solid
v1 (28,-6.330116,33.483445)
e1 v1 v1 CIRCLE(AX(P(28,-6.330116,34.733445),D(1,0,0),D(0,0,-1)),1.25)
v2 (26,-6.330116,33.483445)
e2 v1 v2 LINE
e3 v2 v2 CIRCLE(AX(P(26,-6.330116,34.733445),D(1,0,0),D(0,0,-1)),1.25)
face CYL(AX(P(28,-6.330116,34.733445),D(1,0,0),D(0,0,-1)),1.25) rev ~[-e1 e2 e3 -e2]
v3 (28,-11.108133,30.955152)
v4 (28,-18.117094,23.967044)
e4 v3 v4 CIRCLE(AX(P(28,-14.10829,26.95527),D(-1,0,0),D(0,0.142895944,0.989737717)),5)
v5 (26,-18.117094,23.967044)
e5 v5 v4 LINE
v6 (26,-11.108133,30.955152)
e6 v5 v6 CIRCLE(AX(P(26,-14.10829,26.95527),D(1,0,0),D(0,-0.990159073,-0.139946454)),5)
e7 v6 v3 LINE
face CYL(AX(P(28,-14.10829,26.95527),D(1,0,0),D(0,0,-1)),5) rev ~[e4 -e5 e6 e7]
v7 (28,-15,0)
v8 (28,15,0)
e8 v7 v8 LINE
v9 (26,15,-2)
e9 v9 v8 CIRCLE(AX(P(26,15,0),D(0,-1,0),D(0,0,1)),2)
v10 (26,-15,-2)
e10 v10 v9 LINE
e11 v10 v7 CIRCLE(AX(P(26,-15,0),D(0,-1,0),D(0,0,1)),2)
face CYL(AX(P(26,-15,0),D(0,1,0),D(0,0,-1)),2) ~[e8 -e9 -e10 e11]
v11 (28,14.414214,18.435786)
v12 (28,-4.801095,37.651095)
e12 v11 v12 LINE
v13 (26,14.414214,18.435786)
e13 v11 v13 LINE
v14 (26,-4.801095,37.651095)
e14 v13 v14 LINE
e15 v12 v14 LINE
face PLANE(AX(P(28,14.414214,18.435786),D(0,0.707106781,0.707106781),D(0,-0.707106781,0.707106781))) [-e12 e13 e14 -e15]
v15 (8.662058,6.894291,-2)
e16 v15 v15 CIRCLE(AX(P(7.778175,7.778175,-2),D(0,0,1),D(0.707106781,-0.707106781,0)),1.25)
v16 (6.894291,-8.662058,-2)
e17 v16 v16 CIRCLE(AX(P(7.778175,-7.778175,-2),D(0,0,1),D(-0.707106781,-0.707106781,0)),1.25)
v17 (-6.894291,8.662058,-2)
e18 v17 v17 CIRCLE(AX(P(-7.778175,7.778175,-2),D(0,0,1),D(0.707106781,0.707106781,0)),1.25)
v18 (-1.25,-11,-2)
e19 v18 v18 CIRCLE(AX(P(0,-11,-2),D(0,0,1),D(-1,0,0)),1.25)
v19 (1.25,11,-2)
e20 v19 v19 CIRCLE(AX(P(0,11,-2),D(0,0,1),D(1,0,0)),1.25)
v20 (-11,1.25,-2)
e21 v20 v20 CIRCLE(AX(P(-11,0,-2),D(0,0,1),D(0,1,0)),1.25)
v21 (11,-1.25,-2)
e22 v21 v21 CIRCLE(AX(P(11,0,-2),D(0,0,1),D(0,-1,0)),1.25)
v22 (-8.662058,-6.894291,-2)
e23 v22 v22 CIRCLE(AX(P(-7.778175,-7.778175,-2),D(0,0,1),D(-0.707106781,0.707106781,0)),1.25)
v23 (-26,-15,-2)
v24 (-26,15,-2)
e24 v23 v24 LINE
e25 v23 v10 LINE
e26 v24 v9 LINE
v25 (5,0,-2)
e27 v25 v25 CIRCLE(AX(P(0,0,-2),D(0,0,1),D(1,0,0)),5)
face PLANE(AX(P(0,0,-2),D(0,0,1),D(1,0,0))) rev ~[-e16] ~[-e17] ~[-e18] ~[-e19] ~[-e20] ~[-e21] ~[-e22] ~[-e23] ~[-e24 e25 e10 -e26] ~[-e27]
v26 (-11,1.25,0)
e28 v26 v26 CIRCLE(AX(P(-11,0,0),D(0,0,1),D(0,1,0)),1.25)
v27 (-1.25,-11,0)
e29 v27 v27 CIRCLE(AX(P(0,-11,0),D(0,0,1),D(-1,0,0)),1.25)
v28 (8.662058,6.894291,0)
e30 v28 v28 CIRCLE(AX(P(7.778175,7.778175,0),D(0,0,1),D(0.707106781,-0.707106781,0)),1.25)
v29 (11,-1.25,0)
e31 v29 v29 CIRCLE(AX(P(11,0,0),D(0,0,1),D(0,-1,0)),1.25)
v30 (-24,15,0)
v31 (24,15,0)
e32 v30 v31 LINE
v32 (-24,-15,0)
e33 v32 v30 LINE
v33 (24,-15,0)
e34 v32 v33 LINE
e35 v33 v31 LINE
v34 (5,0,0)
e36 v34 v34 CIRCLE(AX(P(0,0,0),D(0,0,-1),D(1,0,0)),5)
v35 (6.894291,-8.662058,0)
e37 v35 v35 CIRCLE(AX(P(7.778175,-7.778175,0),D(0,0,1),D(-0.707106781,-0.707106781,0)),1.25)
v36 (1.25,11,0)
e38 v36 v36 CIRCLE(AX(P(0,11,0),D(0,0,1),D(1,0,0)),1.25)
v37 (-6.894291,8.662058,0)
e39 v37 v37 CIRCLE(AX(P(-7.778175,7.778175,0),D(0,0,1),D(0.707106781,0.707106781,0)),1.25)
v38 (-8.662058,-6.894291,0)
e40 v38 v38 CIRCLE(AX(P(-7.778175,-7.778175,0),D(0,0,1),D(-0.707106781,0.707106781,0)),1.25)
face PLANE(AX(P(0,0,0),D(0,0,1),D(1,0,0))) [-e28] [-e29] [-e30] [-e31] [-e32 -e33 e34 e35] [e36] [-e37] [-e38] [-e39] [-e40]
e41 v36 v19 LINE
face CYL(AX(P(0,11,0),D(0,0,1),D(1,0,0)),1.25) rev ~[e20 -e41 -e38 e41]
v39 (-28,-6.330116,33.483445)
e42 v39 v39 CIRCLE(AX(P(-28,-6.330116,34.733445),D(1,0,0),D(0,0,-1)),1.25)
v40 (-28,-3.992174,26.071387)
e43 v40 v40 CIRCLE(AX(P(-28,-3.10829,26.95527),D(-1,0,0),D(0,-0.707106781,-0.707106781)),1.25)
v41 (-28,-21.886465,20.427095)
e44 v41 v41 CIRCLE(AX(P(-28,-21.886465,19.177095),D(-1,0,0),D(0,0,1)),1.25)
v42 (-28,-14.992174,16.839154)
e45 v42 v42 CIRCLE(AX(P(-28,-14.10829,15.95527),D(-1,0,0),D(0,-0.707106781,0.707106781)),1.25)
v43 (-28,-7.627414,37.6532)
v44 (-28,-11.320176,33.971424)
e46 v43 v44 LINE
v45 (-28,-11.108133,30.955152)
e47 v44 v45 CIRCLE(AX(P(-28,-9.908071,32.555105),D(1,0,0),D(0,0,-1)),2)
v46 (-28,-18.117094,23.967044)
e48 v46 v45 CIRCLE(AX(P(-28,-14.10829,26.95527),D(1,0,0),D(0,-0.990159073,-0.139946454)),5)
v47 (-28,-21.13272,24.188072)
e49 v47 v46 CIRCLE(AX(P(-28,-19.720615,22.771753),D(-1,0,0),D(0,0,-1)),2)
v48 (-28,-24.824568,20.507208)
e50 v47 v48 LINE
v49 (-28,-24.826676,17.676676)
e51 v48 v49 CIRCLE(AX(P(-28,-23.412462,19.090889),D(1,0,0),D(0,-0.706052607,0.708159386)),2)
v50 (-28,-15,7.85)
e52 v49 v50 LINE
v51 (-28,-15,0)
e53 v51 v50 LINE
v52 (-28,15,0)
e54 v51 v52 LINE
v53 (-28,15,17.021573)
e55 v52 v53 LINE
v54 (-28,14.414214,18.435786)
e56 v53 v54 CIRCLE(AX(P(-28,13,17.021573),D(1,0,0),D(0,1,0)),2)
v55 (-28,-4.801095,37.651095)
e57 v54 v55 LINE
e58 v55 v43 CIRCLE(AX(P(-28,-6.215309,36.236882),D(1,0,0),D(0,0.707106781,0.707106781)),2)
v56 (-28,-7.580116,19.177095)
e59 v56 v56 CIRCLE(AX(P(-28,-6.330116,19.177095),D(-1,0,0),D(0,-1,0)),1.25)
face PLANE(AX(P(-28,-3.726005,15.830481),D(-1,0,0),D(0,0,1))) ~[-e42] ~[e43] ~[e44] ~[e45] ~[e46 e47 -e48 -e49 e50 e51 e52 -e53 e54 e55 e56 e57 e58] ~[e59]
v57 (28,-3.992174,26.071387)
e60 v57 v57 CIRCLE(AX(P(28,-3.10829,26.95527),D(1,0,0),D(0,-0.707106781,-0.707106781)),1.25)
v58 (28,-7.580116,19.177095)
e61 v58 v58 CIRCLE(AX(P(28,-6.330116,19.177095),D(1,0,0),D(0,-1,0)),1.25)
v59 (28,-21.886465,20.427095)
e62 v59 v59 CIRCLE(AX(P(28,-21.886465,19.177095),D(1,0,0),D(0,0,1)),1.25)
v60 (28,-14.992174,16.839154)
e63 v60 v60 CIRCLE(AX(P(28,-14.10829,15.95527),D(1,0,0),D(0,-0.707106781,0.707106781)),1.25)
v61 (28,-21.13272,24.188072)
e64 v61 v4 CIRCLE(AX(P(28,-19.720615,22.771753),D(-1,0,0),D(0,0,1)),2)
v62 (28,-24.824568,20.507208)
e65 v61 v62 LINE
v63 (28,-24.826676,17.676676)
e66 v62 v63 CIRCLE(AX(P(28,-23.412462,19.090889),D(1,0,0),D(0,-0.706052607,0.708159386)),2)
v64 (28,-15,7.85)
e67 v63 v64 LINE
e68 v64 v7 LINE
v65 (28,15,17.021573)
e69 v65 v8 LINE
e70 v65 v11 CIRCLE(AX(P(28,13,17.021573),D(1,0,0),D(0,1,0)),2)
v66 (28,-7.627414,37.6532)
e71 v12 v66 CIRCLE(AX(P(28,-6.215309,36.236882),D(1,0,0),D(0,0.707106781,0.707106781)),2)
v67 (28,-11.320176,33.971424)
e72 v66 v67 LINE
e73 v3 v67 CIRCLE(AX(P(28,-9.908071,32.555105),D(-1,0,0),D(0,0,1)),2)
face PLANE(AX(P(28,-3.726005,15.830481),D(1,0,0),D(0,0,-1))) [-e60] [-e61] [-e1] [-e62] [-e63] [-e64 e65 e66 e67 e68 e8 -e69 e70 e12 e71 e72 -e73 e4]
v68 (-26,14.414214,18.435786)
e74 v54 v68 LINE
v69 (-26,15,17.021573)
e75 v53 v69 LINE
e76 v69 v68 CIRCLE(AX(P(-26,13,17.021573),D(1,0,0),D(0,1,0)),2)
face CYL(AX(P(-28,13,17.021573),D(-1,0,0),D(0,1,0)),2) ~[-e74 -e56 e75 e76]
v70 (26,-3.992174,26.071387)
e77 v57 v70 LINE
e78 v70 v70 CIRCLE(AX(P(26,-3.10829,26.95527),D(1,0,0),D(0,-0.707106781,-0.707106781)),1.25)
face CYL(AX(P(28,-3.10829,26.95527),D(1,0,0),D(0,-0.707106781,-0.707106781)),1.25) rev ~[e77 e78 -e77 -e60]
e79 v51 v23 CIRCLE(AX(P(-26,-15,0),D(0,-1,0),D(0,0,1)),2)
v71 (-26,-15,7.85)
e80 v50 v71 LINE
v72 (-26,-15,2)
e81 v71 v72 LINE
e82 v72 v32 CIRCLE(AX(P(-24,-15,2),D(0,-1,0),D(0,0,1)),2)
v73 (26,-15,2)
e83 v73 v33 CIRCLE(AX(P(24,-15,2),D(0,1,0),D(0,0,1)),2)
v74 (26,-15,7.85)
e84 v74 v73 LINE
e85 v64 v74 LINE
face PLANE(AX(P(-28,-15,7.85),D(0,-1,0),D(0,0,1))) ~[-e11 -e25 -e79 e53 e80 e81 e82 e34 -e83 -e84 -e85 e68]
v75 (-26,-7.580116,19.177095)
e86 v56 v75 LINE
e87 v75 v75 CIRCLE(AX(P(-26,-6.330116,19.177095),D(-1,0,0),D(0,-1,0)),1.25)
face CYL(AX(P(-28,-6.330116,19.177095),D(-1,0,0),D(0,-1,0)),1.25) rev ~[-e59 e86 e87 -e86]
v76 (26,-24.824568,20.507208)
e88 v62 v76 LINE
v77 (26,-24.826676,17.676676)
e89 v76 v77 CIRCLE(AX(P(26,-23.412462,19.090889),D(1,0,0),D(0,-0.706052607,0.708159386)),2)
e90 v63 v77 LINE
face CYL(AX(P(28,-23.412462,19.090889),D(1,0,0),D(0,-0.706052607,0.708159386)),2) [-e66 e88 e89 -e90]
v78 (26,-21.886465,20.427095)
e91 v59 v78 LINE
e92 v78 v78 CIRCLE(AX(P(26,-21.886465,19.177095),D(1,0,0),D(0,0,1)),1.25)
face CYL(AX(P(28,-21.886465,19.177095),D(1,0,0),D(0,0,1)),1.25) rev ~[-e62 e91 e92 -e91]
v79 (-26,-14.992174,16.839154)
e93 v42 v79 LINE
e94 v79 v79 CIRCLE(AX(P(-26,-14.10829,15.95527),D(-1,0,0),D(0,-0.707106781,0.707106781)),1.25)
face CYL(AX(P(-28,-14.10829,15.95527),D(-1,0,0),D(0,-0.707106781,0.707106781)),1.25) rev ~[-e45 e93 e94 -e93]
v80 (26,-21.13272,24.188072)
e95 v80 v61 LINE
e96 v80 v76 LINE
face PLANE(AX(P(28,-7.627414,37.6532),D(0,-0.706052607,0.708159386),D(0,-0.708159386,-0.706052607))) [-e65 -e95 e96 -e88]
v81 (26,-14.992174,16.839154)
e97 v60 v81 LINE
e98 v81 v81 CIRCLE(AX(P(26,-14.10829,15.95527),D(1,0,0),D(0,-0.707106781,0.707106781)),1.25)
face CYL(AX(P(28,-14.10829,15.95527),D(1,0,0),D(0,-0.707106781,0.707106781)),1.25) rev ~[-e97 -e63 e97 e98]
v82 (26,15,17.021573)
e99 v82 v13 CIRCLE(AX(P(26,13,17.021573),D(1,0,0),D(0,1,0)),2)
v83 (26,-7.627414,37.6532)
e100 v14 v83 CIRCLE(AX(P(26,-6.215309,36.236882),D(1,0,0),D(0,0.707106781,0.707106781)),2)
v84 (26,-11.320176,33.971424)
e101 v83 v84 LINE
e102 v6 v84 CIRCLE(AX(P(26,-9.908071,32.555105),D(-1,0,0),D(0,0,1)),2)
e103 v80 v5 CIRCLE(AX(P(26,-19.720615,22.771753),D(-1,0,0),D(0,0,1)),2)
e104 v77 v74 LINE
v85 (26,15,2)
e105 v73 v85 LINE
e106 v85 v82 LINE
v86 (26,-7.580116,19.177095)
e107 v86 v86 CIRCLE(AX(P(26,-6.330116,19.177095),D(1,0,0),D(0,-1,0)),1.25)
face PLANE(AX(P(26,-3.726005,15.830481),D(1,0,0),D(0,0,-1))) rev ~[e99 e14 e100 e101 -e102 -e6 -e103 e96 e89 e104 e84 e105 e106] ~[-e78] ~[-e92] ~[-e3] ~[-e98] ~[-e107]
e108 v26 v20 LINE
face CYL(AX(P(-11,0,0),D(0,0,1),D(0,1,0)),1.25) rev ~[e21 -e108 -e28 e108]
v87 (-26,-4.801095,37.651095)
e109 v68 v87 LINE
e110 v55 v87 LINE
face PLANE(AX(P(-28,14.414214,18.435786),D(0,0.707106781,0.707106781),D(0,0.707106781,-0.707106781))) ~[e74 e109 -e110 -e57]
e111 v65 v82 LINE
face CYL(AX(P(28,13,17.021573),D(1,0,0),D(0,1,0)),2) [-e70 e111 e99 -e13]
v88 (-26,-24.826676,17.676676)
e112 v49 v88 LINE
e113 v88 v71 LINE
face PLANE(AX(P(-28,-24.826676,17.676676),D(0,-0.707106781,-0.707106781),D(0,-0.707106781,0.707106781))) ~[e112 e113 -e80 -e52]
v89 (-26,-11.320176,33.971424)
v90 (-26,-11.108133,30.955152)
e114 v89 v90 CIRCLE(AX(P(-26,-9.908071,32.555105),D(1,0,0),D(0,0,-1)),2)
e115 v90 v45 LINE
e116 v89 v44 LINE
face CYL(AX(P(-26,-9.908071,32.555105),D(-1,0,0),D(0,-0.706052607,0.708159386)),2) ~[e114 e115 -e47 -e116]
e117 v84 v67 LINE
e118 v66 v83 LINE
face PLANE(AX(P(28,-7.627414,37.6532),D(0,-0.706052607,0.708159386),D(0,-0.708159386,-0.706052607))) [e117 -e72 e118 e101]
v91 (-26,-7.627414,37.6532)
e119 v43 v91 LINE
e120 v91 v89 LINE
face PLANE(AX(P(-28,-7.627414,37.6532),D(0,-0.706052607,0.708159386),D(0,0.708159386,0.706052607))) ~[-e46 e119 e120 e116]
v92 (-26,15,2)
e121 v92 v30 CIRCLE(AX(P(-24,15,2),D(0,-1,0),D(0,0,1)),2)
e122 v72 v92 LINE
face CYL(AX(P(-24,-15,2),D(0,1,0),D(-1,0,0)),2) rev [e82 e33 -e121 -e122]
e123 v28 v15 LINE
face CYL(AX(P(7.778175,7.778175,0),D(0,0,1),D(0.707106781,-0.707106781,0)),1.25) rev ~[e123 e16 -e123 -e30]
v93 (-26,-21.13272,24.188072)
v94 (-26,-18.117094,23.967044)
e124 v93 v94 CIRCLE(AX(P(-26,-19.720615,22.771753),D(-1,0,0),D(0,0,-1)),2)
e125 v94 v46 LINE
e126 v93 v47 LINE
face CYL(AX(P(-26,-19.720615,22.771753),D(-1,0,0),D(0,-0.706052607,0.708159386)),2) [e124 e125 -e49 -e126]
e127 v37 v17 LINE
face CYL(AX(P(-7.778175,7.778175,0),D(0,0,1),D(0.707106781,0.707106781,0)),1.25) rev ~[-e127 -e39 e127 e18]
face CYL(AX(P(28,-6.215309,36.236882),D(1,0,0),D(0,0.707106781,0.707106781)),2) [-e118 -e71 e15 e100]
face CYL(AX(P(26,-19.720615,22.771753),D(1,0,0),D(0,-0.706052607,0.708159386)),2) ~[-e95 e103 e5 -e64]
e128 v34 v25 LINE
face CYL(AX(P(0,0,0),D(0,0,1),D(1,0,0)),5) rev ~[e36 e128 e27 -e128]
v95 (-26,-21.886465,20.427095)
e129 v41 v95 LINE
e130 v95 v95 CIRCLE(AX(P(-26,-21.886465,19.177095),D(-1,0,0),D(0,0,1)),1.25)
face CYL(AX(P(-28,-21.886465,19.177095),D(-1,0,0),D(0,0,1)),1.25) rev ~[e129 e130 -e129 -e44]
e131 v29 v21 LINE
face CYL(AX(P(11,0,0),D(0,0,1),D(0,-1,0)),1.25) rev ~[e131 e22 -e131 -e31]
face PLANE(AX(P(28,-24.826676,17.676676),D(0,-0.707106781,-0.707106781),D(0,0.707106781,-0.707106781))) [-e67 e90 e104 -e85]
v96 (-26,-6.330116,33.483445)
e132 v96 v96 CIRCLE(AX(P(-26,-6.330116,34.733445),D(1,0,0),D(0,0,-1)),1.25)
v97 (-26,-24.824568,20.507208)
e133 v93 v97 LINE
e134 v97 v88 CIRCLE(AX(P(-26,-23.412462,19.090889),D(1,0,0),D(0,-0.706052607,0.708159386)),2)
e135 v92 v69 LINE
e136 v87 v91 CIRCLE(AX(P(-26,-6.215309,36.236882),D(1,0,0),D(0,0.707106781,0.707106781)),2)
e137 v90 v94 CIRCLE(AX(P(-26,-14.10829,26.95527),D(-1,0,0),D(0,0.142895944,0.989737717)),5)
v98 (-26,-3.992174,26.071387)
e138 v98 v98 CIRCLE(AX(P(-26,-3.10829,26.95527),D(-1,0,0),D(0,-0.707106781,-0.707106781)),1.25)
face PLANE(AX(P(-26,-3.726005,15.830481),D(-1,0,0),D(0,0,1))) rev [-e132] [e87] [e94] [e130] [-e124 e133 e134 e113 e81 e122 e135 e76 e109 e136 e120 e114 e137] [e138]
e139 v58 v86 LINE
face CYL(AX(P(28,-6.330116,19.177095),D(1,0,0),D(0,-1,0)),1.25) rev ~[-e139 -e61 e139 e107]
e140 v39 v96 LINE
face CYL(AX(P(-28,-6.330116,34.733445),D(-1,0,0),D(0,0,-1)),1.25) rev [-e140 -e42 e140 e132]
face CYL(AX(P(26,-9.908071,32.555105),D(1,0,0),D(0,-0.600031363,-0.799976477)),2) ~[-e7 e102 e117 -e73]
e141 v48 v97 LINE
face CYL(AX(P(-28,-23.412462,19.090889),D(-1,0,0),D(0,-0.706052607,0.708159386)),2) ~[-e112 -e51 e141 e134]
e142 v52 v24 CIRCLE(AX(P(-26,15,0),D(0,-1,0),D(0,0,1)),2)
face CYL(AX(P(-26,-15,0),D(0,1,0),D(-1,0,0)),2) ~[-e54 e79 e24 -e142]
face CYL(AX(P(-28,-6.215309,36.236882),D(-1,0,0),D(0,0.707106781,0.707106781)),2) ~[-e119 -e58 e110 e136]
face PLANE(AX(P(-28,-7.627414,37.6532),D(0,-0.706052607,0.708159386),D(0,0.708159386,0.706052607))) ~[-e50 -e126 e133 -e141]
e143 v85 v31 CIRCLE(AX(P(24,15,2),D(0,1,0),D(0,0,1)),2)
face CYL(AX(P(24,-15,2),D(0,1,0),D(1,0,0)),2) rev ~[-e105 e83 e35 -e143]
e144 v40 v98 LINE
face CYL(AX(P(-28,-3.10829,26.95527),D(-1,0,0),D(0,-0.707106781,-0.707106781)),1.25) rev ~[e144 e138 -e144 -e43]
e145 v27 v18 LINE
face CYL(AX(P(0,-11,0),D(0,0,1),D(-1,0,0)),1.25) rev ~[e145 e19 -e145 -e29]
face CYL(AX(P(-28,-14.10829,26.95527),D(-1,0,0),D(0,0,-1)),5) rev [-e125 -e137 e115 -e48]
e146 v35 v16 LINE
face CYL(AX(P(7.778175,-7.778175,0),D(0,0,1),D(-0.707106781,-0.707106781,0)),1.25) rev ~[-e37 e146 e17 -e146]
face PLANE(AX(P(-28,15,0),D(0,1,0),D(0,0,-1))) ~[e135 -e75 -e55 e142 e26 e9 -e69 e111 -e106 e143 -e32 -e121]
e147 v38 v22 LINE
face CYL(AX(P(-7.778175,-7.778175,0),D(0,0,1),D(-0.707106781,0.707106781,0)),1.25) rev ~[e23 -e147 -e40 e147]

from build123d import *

# Parameters (mm, degrees)
ESBO_O1_W                 = 56
ESBO_O1_H                 = 30
RESSALTO_EXTRUS_O1_DEPTH  = 2
RESSALTO_EXTRUS_O2_DEPTH  = 2
ESBO_O3_R                 = 5
CORTE_EXTRUS_O1_DEPTH     = 2
FILETE1_R                 = 2
ESBO_O4_R                 = 1.25
CORTE_EXTRUS_O2_DEPTH     = 2
PADR_OCIRCULAR1_COUNT     = 5
PADR_OCIRCULAR1_ANGLE     = 180
ESPELHAR3_COPY_1_SKETCH_R = 1.25
ESPELHAR3_COPY_1_DEPTH    = 2
ESPELHAR3_COPY_2_SKETCH_R = 1.25
ESPELHAR3_COPY_2_DEPTH    = 2
ESPELHAR3_COPY_3_SKETCH_R = 1.25
ESPELHAR3_COPY_3_DEPTH    = 2
ESPELHAR3_COPY_4_SKETCH_R = 1.25
ESPELHAR3_COPY_4_DEPTH    = 2
FILETE1_OF_ESPELHAR3_R    = 2
FILETE3_R                 = 2
ESBO_O5_R                 = 5
CORTE_EXTRUS_O3_DEPTH     = 2
ESBO_O6_R                 = 1.25
CORTE_EXTRUS_O4_DEPTH     = 2
PADR_OCIRCULAR2_COUNT     = 8


with BuildPart() as part:
    # Esboço1 → Ressalto-extrusão1 (new body)
    with BuildSketch(Plane.XY):
        Rectangle(ESBO_O1_W, ESBO_O1_H)
    extrude(amount=-RESSALTO_EXTRUS_O1_DEPTH)

    # Esboço2 → Ressalto-extrusão2 (add)
    with BuildSketch(Plane(origin=(28, 0, 0), x_dir=(0, 0, -1), z_dir=(1, 0, 0))):
        with BuildLine():
            Line((0, 15), (-17.021572875, 15))
            ThreePointArc((-17.021572875, 15), (-17.78693974, 14.847759065), (-18.435786438, 14.414213562))
            Line((-18.435786438, 14.414213562), (-37.651095085, -4.801095085))
            ThreePointArc((-37.651095085, -4.801095085), (-38.236880968, -6.21381893), (-37.653200295, -7.627413862))
            Line((-37.653200295, -7.627413862), (-20.507208242, -24.82456756))
            ThreePointArc((-20.507208242, -24.82456756), (-19.092379188, -25.412461791), (-17.676675908, -24.826675908))
            Line((-17.676675908, -24.826675908), (-7.85, -15))
            Line((-7.85, -15), (0, -15))
            Line((0, -15), (0, 15))
        make_face()
    ressalto_extrus_o2 = extrude(amount=-RESSALTO_EXTRUS_O2_DEPTH)

    # Esboço3 → Corte-extrusão1 (cut)
    with BuildSketch(Plane(origin=(28, 0, 0), x_dir=(0, 0, -1), z_dir=(1, 0, 0))):
        with Locations((-26.955270066, -14.108290294)):
            Circle(ESBO_O3_R)
    corte_extrus_o1 = extrude(amount=-CORTE_EXTRUS_O1_DEPTH, mode=Mode.SUBTRACT)

    # Filete1
    filete1_edges = [part.edges().sort_by_distance(p)[0] for p in [
        (27, -19.05908566, 26.255537796),
        (27, -13.393810572, 31.903958653),
    ]]
    fillet(filete1_edges, radius=FILETE1_R)

    # Esboço4 → Corte-extrusão2 (cut)
    with BuildSketch(Plane(origin=(28, 0, 0), x_dir=(0, 0, -1), z_dir=(1, 0, 0))):
        with Locations((-34.733444659, -6.330115701)):
            Circle(ESBO_O4_R)
    corte_extrus_o2 = extrude(amount=-CORTE_EXTRUS_O2_DEPTH, mode=Mode.SUBTRACT)

    # PadrãoCircular1: Corte-extrusão2 ×5 about axis
    padr_ocircular1_axis = Axis((0, -14.108290294, 26.955270066), (-1, 0, 0))
    for i in range(1, PADR_OCIRCULAR1_COUNT):
        add(corte_extrus_o2.rotate(padr_ocircular1_axis, i * PADR_OCIRCULAR1_ANGLE / (PADR_OCIRCULAR1_COUNT - 1)), mode=Mode.SUBTRACT)

    # Espelhar3: Ressalto-extrusão2, Corte-extrusão1, Corte-extrusão2 across plane
    add(ressalto_extrus_o2.mirror(Plane(origin=(0, 0, 0), x_dir=(0, 0, 1), z_dir=(1, 0, 0))))
    add(corte_extrus_o1.mirror(Plane(origin=(0, 0, 0), x_dir=(0, 0, 1), z_dir=(1, 0, 0))), mode=Mode.SUBTRACT)
    add(corte_extrus_o2.mirror(Plane(origin=(0, 0, 0), x_dir=(0, 0, 1), z_dir=(1, 0, 0))), mode=Mode.SUBTRACT)

    # Espelhar3 copy 1 sketch → Espelhar3 copy 1 (cut)
    with BuildSketch(Plane(origin=(-28, -23.192476809, -2.081051924), x_dir=(0, -0.7071067811865488, -0.7071067811865462), z_dir=(-1, 0, 0))):
        with Locations((-34.733444659, 6.330115701)):
            Circle(ESPELHAR3_COPY_1_SKETCH_R)
    extrude(amount=-ESPELHAR3_COPY_1_DEPTH, mode=Mode.SUBTRACT)

    # Espelhar3 copy 2 sketch → Espelhar3 copy 2 (cut)
    with BuildSketch(Plane(origin=(-28, -41.063560361, 12.846979772), x_dir=(0, -1, 0), z_dir=(-1, 0, 0))):
        with Locations((-34.733444659, 6.330115701)):
            Circle(ESPELHAR3_COPY_2_SKETCH_R)
    extrude(amount=-ESPELHAR3_COPY_2_DEPTH, mode=Mode.SUBTRACT)

    # Espelhar3 copy 3 sketch → Espelhar3 copy 3 (cut)
    with BuildSketch(Plane(origin=(-28, -43.144612285, 36.039456581), x_dir=(0, -0.7071067811865441, 0.7071067811865509), z_dir=(-1, 0, 0))):
        with Locations((-34.733444659, 6.330115701)):
            Circle(ESPELHAR3_COPY_3_SKETCH_R)
    extrude(amount=-ESPELHAR3_COPY_3_DEPTH, mode=Mode.SUBTRACT)

    # Espelhar3 copy 4 sketch → Espelhar3 copy 4 (cut)
    with BuildSketch(Plane(origin=(-28, -28.216580589, 53.910540133), x_dir=(0, 0, 1), z_dir=(-1, 0, 0))):
        with Locations((-34.733444659, 6.330115701)):
            Circle(ESPELHAR3_COPY_4_SKETCH_R)
    extrude(amount=-ESPELHAR3_COPY_4_DEPTH, mode=Mode.SUBTRACT)

    # Filete1 of Espelhar3
    filete1_of_espelhar3_edges = [part.edges().sort_by_distance(p)[0] for p in [
        (-27, -19.05908566, 26.255537796),
        (-27, -13.393810572, 31.903958653),
    ]]
    fillet(filete1_of_espelhar3_edges, radius=FILETE1_OF_ESPELHAR3_R)

    # Filete3
    filete3_edges = [part.edges().sort_by_distance(p)[0] for p in [
        (-28, 0, -2),
        (26, 0, 0),
        (28, 0, -2),
        (-26, 0, 0),
    ]]
    fillet(filete3_edges, radius=FILETE3_R)

    # Esboço5 → Corte-extrusão3 (cut)
    with BuildSketch(Plane.XY):
        Circle(ESBO_O5_R)
    corte_extrus_o3 = extrude(amount=-CORTE_EXTRUS_O3_DEPTH, mode=Mode.SUBTRACT)

    # Esboço6 → Corte-extrusão4 (cut)
    with BuildSketch(Plane.XY):
        with Locations((0, 11)):
            Circle(ESBO_O6_R)
    corte_extrus_o4 = extrude(amount=-CORTE_EXTRUS_O4_DEPTH, mode=Mode.SUBTRACT)

    # PadrãoCircular2: Corte-extrusão3, Corte-extrusão4 ×8 about axis
    padr_ocircular2_axis = Axis((0, 0, 0), (0, 0, 1))
    add([corte_extrus_o3.rotate(padr_ocircular2_axis, i * 360 / PADR_OCIRCULAR2_COUNT) for i in range(1, PADR_OCIRCULAR2_COUNT)], mode=Mode.SUBTRACT)
    add([corte_extrus_o4.rotate(padr_ocircular2_axis, i * 360 / PADR_OCIRCULAR2_COUNT) for i in range(1, PADR_OCIRCULAR2_COUNT)], mode=Mode.SUBTRACT)


solid = part.part
